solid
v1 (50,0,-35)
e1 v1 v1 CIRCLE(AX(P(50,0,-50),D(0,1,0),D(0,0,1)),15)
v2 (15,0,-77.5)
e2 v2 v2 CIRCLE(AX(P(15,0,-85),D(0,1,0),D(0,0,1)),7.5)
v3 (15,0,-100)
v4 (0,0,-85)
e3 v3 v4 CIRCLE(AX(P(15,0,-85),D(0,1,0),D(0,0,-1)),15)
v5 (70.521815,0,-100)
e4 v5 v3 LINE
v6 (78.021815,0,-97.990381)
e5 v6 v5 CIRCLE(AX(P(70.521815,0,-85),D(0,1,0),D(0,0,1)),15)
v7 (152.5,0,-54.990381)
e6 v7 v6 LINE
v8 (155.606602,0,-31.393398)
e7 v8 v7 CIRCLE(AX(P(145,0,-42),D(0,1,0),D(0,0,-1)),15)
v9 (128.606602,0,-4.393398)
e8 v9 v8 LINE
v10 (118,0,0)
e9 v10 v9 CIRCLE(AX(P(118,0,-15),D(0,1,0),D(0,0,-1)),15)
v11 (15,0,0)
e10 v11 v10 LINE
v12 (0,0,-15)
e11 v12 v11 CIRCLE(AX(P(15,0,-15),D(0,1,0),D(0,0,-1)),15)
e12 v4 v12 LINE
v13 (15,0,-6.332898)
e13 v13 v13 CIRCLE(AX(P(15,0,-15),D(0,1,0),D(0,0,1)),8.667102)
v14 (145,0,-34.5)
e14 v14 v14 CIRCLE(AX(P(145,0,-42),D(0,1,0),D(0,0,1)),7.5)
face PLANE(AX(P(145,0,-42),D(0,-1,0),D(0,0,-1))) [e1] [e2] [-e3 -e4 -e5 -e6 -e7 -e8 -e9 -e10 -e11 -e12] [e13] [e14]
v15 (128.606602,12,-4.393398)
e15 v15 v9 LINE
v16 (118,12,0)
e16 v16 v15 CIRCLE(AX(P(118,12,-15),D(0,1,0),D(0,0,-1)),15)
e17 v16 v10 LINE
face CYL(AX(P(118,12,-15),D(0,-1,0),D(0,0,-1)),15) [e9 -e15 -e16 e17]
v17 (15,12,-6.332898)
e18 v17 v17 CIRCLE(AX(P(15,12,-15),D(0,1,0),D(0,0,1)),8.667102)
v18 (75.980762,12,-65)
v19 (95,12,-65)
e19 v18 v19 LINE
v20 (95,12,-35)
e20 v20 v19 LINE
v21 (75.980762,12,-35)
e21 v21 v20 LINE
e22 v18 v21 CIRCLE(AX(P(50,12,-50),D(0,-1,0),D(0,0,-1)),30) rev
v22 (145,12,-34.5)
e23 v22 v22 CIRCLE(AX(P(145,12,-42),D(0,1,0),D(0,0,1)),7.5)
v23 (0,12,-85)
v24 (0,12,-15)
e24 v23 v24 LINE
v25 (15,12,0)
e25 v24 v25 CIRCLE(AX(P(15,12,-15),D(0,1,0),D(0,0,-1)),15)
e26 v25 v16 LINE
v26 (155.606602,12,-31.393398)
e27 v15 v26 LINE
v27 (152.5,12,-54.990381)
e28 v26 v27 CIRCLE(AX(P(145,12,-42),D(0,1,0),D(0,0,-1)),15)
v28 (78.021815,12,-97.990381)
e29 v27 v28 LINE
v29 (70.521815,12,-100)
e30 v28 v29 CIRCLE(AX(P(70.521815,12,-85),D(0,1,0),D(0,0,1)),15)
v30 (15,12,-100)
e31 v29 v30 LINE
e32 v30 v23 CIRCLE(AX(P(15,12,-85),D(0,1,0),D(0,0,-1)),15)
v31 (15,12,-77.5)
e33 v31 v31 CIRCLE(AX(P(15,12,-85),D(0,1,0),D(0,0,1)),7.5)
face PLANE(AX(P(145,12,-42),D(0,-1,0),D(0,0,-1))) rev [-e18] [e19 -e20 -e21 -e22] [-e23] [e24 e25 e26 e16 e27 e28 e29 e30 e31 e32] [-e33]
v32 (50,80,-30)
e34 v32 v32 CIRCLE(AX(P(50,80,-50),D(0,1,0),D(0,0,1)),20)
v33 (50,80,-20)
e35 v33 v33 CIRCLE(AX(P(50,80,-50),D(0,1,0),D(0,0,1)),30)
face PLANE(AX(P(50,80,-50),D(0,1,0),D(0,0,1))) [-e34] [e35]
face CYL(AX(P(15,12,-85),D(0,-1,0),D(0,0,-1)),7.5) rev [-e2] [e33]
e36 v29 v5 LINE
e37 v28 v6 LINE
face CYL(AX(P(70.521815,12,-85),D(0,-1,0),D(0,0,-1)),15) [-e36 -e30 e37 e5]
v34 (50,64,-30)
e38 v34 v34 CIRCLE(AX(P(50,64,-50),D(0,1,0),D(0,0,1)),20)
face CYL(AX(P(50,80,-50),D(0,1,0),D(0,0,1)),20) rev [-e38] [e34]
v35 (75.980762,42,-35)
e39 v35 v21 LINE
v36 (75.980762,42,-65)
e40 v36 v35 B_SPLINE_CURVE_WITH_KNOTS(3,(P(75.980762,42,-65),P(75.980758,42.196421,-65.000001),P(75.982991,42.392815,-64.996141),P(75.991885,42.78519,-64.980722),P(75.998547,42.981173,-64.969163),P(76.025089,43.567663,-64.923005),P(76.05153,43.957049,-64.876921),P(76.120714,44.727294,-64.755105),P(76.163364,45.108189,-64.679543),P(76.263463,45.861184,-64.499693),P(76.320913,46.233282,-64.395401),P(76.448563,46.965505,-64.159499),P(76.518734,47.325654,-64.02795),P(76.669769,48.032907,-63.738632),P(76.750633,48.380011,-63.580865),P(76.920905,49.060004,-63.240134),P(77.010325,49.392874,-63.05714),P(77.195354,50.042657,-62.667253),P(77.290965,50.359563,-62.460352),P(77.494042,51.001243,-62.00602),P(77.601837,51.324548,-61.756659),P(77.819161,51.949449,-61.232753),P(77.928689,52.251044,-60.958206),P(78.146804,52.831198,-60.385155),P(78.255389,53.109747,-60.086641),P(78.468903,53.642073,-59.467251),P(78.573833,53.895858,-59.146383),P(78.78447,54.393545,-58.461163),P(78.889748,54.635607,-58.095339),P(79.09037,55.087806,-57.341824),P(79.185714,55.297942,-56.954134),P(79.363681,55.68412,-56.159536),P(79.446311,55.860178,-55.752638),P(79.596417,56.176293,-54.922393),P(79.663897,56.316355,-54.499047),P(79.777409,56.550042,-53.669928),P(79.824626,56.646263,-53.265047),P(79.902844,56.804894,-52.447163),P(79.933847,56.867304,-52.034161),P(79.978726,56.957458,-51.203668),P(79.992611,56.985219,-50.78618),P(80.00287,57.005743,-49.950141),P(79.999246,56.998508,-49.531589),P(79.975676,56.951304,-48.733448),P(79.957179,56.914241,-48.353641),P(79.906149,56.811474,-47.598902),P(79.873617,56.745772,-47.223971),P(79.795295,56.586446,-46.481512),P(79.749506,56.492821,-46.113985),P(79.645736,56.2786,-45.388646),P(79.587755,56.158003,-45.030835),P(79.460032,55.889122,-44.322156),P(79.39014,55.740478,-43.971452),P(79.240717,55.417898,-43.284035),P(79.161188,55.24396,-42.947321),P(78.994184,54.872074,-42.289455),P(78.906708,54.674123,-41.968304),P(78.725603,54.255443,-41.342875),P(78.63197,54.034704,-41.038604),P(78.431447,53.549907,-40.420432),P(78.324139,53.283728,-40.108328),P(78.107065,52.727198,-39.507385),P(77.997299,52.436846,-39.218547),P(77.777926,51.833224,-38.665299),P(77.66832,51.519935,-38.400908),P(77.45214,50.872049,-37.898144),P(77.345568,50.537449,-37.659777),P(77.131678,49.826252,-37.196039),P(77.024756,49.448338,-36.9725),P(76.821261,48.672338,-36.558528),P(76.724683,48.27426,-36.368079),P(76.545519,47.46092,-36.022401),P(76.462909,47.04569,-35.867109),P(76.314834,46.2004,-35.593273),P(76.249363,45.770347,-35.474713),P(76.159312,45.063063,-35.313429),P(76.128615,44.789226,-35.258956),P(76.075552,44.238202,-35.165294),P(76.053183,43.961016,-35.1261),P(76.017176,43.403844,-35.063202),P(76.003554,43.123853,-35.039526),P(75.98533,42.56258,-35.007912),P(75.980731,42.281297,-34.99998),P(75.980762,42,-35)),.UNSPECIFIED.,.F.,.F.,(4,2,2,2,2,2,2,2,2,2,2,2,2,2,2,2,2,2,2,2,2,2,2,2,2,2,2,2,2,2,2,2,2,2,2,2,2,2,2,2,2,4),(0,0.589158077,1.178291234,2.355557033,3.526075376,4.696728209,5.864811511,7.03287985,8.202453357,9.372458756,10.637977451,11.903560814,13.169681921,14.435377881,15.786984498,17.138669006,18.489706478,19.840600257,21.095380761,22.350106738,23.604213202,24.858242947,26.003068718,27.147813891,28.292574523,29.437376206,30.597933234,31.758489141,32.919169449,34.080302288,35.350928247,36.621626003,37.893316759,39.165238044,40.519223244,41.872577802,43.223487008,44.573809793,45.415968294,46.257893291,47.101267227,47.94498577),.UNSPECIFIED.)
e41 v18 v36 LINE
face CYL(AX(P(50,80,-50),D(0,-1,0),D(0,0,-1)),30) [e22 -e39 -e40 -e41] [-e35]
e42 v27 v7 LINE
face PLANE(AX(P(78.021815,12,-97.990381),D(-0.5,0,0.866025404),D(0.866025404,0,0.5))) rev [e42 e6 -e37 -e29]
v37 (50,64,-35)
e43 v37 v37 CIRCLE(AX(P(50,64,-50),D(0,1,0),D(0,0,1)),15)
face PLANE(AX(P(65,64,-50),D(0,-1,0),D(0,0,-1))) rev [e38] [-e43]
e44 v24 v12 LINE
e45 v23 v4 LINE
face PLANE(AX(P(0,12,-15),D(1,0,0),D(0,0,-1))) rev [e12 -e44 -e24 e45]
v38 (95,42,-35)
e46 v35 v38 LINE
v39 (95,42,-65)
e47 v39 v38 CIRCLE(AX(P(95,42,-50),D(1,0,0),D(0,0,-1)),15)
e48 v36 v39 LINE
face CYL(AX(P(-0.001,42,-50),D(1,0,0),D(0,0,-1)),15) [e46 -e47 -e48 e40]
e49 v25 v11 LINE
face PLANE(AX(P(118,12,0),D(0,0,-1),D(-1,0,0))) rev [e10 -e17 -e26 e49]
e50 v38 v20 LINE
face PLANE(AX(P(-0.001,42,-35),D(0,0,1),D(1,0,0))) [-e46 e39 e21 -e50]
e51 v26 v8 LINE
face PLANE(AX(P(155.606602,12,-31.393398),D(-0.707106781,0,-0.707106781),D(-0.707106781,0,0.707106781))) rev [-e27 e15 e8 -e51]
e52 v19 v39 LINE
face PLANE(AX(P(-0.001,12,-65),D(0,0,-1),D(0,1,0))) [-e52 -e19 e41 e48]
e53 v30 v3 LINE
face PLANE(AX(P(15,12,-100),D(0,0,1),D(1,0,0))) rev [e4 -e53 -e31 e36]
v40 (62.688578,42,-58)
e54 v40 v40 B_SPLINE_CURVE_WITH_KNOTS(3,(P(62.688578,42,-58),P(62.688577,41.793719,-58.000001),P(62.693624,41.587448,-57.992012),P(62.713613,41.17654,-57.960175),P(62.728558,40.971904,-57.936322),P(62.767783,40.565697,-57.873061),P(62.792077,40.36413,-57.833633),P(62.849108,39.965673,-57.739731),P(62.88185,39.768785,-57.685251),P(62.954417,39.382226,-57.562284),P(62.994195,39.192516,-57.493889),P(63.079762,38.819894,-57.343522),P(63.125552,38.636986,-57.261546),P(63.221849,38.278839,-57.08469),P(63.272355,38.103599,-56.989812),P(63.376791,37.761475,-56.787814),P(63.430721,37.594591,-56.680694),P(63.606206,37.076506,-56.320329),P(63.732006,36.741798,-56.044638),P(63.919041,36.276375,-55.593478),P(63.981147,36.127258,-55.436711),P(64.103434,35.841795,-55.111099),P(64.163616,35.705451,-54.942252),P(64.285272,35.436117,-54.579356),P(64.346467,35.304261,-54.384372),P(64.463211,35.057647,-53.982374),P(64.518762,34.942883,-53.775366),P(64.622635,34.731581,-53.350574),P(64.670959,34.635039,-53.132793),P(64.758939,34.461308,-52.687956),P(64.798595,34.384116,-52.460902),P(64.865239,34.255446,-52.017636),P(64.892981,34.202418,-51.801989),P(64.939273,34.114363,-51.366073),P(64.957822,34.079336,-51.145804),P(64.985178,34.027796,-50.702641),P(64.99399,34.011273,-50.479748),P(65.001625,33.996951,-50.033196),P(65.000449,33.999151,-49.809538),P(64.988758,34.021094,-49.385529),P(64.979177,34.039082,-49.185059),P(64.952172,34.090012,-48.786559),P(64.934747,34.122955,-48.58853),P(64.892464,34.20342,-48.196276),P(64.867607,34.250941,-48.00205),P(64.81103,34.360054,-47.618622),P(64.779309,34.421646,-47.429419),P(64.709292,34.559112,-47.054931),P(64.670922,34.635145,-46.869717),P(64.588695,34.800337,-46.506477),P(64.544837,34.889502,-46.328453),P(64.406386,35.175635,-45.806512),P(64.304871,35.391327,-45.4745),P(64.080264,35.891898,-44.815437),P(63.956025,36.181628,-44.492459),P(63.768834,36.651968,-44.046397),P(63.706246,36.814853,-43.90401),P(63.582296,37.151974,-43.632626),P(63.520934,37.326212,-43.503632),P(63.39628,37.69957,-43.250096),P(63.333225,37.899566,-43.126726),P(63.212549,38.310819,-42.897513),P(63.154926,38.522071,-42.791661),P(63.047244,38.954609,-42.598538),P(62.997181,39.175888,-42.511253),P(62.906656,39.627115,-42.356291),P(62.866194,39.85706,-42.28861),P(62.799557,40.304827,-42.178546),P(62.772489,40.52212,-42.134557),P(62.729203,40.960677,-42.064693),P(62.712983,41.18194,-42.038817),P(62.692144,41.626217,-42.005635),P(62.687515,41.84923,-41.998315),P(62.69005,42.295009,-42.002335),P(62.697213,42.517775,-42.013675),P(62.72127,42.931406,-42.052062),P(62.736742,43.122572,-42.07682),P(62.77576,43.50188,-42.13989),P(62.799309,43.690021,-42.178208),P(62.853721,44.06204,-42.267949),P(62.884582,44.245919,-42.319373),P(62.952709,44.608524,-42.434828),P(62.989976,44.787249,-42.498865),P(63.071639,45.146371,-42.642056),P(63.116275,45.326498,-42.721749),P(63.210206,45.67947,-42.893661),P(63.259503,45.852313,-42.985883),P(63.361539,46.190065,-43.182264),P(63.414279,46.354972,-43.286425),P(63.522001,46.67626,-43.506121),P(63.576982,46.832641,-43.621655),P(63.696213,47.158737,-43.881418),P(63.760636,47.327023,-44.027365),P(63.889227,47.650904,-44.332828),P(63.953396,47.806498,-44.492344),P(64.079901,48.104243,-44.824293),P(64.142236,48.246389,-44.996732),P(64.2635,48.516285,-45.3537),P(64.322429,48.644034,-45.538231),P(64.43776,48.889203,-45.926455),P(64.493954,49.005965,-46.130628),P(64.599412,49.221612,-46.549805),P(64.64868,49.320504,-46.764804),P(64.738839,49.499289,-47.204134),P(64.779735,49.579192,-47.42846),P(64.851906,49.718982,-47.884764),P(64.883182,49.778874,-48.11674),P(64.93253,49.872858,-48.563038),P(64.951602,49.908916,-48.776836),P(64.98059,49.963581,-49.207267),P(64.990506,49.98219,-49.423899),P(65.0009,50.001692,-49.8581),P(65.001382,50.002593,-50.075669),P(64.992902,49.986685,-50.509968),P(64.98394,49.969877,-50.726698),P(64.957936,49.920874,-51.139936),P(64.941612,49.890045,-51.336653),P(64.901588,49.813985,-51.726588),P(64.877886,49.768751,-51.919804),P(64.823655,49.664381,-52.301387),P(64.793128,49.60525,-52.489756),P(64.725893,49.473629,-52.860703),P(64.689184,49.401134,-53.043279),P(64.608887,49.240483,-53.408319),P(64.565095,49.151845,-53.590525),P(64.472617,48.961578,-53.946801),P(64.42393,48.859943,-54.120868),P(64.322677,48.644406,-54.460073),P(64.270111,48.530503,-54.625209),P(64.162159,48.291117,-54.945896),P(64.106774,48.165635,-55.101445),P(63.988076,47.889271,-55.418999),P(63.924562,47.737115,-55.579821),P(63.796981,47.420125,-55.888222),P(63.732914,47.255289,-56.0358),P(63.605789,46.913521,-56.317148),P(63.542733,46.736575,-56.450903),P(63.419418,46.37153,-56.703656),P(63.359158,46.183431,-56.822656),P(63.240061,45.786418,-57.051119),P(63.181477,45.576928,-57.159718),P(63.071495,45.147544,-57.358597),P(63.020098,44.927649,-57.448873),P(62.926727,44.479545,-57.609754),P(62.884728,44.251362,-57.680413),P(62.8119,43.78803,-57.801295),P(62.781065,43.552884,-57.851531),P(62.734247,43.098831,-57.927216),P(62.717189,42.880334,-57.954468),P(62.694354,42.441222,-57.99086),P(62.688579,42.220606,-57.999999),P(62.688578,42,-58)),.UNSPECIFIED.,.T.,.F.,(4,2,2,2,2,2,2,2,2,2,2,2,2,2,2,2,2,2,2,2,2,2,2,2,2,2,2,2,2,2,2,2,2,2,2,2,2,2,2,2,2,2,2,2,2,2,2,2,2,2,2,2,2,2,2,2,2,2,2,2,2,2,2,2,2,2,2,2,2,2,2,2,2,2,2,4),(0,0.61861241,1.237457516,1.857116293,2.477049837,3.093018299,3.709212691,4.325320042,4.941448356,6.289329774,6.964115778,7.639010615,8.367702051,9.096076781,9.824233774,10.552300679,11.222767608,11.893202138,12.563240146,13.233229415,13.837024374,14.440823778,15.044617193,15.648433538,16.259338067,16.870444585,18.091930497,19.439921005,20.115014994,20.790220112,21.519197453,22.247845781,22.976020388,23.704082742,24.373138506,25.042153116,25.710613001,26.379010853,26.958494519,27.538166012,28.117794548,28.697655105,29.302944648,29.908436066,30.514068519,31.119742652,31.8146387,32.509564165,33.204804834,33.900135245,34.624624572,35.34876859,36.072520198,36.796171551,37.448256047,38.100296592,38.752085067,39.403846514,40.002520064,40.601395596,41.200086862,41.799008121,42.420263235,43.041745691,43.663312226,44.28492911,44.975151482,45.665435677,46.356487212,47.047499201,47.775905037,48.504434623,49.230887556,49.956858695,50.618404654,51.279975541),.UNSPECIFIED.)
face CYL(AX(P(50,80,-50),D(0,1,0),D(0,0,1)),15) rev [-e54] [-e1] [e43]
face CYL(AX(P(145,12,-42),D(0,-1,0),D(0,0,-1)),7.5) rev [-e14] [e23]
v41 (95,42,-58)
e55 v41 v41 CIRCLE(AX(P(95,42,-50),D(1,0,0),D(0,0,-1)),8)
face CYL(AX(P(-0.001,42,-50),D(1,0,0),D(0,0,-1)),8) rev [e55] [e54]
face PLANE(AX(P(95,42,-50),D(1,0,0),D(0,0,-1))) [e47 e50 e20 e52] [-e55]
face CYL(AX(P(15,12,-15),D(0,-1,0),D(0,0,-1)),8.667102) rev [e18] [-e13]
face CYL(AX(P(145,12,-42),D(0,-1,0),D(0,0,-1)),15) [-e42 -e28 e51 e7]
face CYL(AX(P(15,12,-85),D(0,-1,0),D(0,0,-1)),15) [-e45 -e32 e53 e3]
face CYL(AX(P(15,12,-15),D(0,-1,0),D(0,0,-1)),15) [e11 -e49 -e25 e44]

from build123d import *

# Parameters (mm, degrees)
SKETCH1_R                = 7.5
SKETCH1_R_2              = 8.667102454
BOSS_EXTRUDE1_DEPTH      = 12
SKETCH2_R                = 30
BOSS_EXTRUDE2_DEPTH      = 68
HOLE1_D                  = 30
HOLE1_DEPTH              = 80
HOLE1_CBORE_D            = 40
HOLE1_CBORE_DEPTH        = 16
HOLE1_TIP                = 9.012909285
BOSS_EXTRUDE3_REACH      = 161.452
BOSS_EXTRUDE3_END_RADIUS = 30
CUT_EXTRUDE1_REACH       = 161.452
CUT_EXTRUDE1_END_RADIUS  = 15
SKETCH7_R                = 8


with BuildPart() as part:
    # Sketch1 → Boss-Extrude1 (new body)
    with BuildSketch(Plane(origin=(0, 0, 0), x_dir=(1, 0, 0), z_dir=(0, 1, 0))):
        with BuildLine():
            Line((0, 15), (0, 85))
            ThreePointArc((0, 85), (4.393398282, 95.606601718), (15, 100))
            Line((15, 100), (70.521815275, 100))
            ThreePointArc((70.521815275, 100), (74.404100951, 99.488887394), (78.021815275, 97.990381057))
            Line((78.021815275, 97.990381057), (152.5, 54.990381057))
            ThreePointArc((152.5, 54.990381057), (159.871672921, 43.957892883), (155.606601718, 31.393398282))
            Line((155.606601718, 31.393398282), (128.606601718, 4.393398282))
            ThreePointArc((128.606601718, 4.393398282), (123.740251485, 1.141807012), (118, 0))
            Line((118, 0), (15, 0))
            ThreePointArc((15, 0), (4.393398282, 4.393398282), (0, 15))
        make_face()
        with Locations(Location((15, 85, 0), (0, 0, 270))):
            Circle(SKETCH1_R, mode=Mode.SUBTRACT)
        with Locations(Location((15, 15, 0), (0, 0, 270))):
            Circle(SKETCH1_R_2, mode=Mode.SUBTRACT)
        with Locations(Location((145, 42, 0), (0, 0, 270))):
            Circle(SKETCH1_R, mode=Mode.SUBTRACT)
    extrude(amount=BOSS_EXTRUDE1_DEPTH)

    # Sketch2 → Boss-Extrude2 (add)
    with BuildSketch(Plane(origin=(0, 12, 0), x_dir=(1, 0, 0), z_dir=(0, 1, 0))):
        with Locations(Location((50, 50, 0), (0, 0, 90))):
            Circle(SKETCH2_R)
    extrude(amount=BOSS_EXTRUDE2_DEPTH)

    # Hole1
    with Locations(Plane(origin=(0, 80, 0), x_dir=(1, 0, 0), z_dir=(0, 1, 0))):
        with Locations((50, 50)):
            CounterBoreHole(HOLE1_D / 2, HOLE1_CBORE_D / 2, HOLE1_CBORE_DEPTH, depth=HOLE1_DEPTH)
            with Locations((0, 0, -(HOLE1_DEPTH + HOLE1_TIP / 2))):  # 118° drill point
                Cone(0, HOLE1_D / 2, HOLE1_TIP, mode=Mode.SUBTRACT)

    # Boss-Extrude3: up to this cylinder (the profile starts outside it)
    boss_extrude3_end = Plane(origin=(50, 33.024623, -50), z_dir=(0, -1, 0)) * Cylinder(BOSS_EXTRUDE3_END_RADIUS, 383.904, mode=Mode.PRIVATE)
    # Sketch6 → Boss-Extrude3 (add, up to the surface)
    with BuildSketch(Plane(origin=(95, 0, 0), x_dir=(0, 0, -1), z_dir=(1, 0, 0)), mode=Mode.PRIVATE) as boss_extrude3_sk1:
        with BuildLine():
            Line((35, 42), (35, 12))
            Line((35, 12), (65, 12))
            Line((65, 12), (65, 42))
            ThreePointArc((65, 42), (50, 57), (35, 42))
        make_face()
    boss_extrude3_tool1 = extrude(boss_extrude3_sk1.sketch, amount=-BOSS_EXTRUDE3_REACH, mode=Mode.PRIVATE) - boss_extrude3_end
    add(boss_extrude3_tool1.solids().sort_by_distance((95, 33.024623, -50))[0])

    # Cut-Extrude1: up to this cylinder (the profile starts outside it)
    cut_extrude1_end = Plane(origin=(50, 42, -50), z_dir=(0, 1, 0)) * Cylinder(CUT_EXTRUDE1_END_RADIUS, 353.904, mode=Mode.PRIVATE)
    # Sketch7 → Cut-Extrude1 (cut, up to the surface)
    with BuildSketch(Plane(origin=(95, 0, 0), x_dir=(0, 0, -1), z_dir=(1, 0, 0)), mode=Mode.PRIVATE) as cut_extrude1_sk1:
        with Locations((50, 42)):
            Circle(SKETCH7_R)
    cut_extrude1_tool1 = extrude(cut_extrude1_sk1.sketch, amount=-CUT_EXTRUDE1_REACH, mode=Mode.PRIVATE) - cut_extrude1_end
    add(cut_extrude1_tool1.solids().sort_by_distance((95, 42, -50))[0], mode=Mode.SUBTRACT)


solid = part.part
